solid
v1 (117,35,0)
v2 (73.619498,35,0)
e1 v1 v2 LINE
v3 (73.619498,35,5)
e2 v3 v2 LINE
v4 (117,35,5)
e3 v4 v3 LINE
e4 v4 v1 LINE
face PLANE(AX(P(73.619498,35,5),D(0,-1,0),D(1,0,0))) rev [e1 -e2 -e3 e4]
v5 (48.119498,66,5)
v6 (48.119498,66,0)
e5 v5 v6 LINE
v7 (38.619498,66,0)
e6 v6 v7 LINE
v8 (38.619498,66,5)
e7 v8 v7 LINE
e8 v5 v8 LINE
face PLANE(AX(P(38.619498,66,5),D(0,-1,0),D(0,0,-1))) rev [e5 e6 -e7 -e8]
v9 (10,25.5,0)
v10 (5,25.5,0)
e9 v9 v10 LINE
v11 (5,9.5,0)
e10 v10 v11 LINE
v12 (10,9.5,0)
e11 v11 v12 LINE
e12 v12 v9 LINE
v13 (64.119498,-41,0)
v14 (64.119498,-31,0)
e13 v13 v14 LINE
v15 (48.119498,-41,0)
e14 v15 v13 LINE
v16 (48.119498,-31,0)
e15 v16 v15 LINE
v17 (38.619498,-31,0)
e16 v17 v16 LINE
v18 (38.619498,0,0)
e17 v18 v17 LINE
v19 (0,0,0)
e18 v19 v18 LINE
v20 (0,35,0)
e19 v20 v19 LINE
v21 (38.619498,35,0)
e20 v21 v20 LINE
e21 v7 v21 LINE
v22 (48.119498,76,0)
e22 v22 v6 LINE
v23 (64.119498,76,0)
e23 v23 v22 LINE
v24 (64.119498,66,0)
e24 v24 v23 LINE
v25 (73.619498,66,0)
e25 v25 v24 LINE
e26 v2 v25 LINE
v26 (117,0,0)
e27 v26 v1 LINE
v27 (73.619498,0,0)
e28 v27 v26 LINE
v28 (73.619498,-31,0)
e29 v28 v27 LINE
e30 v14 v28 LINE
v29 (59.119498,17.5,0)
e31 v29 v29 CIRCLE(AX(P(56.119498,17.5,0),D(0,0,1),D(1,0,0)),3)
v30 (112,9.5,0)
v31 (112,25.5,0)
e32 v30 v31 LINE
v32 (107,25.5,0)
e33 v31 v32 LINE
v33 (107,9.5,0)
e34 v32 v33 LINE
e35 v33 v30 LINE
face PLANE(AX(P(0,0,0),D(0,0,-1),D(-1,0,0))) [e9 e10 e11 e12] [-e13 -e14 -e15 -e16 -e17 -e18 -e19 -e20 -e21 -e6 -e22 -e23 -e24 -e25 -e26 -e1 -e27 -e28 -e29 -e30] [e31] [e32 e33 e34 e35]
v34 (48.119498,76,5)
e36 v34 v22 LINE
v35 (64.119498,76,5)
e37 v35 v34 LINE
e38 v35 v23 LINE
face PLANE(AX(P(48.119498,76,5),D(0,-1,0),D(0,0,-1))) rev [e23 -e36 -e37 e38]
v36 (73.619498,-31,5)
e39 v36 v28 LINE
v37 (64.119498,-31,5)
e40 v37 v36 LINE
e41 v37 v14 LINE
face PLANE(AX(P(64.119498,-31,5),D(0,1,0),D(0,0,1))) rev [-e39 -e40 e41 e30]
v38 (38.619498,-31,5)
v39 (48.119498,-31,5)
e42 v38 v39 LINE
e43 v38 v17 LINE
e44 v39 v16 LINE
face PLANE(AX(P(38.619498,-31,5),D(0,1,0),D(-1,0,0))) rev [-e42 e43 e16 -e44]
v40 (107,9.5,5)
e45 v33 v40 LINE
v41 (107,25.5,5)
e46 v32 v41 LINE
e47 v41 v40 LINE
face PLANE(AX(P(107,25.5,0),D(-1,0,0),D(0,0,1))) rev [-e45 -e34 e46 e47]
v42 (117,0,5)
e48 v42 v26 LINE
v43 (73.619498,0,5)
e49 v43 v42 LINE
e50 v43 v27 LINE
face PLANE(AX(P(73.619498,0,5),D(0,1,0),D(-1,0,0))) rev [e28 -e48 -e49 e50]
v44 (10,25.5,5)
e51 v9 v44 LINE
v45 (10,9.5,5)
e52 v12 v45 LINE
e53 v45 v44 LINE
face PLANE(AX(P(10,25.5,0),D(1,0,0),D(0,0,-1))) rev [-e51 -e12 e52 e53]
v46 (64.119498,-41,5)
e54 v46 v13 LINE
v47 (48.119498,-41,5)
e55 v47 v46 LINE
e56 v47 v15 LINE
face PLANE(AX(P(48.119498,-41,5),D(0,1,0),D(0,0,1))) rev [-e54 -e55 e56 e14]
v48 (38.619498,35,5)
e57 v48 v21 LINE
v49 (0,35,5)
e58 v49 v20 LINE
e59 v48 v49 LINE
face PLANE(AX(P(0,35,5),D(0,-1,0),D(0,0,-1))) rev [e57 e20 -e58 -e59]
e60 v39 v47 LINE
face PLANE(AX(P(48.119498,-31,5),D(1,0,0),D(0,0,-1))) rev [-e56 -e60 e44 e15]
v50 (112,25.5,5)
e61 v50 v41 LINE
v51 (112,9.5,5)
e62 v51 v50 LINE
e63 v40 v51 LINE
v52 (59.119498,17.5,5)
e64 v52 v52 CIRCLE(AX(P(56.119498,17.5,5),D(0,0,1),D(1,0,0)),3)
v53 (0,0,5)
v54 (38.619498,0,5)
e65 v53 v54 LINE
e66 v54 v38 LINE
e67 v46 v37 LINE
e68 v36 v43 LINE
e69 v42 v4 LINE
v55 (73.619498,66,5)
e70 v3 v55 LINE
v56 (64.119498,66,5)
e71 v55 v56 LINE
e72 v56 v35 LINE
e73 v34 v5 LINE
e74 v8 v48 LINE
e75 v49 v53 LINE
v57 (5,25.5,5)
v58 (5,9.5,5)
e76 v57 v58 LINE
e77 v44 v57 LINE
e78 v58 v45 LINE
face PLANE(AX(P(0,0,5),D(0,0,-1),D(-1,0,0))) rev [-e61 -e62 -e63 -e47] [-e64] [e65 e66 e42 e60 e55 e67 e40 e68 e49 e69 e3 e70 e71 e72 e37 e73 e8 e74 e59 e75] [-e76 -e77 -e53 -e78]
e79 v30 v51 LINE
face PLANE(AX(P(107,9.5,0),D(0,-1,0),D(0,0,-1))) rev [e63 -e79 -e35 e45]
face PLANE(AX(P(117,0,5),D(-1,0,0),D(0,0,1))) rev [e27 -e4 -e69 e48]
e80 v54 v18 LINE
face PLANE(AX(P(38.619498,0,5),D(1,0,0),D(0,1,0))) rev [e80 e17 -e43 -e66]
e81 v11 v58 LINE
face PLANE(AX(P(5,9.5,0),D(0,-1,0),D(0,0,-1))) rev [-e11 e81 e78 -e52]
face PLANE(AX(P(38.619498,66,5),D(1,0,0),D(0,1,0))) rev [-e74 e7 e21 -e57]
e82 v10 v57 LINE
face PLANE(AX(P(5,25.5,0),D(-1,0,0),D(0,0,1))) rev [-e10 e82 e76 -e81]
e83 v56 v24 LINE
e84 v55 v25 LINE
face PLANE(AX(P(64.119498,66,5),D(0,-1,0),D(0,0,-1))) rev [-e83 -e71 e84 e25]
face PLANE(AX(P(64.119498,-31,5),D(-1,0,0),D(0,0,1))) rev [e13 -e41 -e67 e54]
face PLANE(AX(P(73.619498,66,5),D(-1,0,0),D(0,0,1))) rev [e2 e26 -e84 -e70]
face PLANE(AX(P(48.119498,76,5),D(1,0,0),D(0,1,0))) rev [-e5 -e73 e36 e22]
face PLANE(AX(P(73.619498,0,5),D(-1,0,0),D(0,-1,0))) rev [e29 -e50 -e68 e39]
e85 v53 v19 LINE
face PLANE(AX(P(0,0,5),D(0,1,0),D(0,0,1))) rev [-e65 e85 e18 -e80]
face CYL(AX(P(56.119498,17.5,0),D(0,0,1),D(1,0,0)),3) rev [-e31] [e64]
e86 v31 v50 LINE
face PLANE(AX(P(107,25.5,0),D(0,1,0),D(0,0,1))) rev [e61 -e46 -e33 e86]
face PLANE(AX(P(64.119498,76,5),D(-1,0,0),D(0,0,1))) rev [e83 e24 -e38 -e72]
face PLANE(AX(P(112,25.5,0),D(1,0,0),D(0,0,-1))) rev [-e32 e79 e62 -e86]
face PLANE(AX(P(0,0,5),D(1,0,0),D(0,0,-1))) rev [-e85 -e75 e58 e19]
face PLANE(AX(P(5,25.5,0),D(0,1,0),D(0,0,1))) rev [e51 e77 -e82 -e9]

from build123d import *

# Parameters (mm, degrees)
BOSS_EXTRUDE3_DEPTH = 5
SKETCH2_W           = 5
SKETCH2_H           = 16
CUT_EXTRUDE1_DEPTH  = 140.606590102
SKETCH3_R           = 3
CUT_EXTRUDE2_DEPTH  = 140.606590102


with BuildPart() as part:
    # Sketch1 → Boss-Extrude3 (new body)
    with BuildSketch(Plane.XY):
        Polygon((0, 0), (38.61949762, 0), (38.61949762, -31), (48.11949762, -31), (48.11949762, -41), (64.11949762, -41), (64.11949762, -31), (73.61949762, -31), (73.61949762, 0), (117, 0), (117, 35), (73.61949762, 35), (73.61949762, 66), (64.11949762, 66), (64.11949762, 76), (48.11949762, 76), (48.11949762, 66), (38.61949762, 66), (38.61949762, 35), (0, 35), align=None)
    extrude(amount=BOSS_EXTRUDE3_DEPTH)

    # Sketch2 → Cut-Extrude1 (cut, through all)
    with BuildSketch(Plane.XY.offset(5)):
        with Locations((7.5, 17.5)):
            Rectangle(SKETCH2_W, SKETCH2_H)
        with Locations((109.5, 17.5)):
            Rectangle(SKETCH2_W, SKETCH2_H)
    extrude(amount=-CUT_EXTRUDE1_DEPTH, mode=Mode.SUBTRACT)

    # Sketch3 → Cut-Extrude2 (cut, through all)
    with BuildSketch(Plane.XY.offset(5)):
        with Locations((56.11949762, 17.5)):
            Circle(SKETCH3_R)
    extrude(amount=-CUT_EXTRUDE2_DEPTH, mode=Mode.SUBTRACT)


solid = part.part
